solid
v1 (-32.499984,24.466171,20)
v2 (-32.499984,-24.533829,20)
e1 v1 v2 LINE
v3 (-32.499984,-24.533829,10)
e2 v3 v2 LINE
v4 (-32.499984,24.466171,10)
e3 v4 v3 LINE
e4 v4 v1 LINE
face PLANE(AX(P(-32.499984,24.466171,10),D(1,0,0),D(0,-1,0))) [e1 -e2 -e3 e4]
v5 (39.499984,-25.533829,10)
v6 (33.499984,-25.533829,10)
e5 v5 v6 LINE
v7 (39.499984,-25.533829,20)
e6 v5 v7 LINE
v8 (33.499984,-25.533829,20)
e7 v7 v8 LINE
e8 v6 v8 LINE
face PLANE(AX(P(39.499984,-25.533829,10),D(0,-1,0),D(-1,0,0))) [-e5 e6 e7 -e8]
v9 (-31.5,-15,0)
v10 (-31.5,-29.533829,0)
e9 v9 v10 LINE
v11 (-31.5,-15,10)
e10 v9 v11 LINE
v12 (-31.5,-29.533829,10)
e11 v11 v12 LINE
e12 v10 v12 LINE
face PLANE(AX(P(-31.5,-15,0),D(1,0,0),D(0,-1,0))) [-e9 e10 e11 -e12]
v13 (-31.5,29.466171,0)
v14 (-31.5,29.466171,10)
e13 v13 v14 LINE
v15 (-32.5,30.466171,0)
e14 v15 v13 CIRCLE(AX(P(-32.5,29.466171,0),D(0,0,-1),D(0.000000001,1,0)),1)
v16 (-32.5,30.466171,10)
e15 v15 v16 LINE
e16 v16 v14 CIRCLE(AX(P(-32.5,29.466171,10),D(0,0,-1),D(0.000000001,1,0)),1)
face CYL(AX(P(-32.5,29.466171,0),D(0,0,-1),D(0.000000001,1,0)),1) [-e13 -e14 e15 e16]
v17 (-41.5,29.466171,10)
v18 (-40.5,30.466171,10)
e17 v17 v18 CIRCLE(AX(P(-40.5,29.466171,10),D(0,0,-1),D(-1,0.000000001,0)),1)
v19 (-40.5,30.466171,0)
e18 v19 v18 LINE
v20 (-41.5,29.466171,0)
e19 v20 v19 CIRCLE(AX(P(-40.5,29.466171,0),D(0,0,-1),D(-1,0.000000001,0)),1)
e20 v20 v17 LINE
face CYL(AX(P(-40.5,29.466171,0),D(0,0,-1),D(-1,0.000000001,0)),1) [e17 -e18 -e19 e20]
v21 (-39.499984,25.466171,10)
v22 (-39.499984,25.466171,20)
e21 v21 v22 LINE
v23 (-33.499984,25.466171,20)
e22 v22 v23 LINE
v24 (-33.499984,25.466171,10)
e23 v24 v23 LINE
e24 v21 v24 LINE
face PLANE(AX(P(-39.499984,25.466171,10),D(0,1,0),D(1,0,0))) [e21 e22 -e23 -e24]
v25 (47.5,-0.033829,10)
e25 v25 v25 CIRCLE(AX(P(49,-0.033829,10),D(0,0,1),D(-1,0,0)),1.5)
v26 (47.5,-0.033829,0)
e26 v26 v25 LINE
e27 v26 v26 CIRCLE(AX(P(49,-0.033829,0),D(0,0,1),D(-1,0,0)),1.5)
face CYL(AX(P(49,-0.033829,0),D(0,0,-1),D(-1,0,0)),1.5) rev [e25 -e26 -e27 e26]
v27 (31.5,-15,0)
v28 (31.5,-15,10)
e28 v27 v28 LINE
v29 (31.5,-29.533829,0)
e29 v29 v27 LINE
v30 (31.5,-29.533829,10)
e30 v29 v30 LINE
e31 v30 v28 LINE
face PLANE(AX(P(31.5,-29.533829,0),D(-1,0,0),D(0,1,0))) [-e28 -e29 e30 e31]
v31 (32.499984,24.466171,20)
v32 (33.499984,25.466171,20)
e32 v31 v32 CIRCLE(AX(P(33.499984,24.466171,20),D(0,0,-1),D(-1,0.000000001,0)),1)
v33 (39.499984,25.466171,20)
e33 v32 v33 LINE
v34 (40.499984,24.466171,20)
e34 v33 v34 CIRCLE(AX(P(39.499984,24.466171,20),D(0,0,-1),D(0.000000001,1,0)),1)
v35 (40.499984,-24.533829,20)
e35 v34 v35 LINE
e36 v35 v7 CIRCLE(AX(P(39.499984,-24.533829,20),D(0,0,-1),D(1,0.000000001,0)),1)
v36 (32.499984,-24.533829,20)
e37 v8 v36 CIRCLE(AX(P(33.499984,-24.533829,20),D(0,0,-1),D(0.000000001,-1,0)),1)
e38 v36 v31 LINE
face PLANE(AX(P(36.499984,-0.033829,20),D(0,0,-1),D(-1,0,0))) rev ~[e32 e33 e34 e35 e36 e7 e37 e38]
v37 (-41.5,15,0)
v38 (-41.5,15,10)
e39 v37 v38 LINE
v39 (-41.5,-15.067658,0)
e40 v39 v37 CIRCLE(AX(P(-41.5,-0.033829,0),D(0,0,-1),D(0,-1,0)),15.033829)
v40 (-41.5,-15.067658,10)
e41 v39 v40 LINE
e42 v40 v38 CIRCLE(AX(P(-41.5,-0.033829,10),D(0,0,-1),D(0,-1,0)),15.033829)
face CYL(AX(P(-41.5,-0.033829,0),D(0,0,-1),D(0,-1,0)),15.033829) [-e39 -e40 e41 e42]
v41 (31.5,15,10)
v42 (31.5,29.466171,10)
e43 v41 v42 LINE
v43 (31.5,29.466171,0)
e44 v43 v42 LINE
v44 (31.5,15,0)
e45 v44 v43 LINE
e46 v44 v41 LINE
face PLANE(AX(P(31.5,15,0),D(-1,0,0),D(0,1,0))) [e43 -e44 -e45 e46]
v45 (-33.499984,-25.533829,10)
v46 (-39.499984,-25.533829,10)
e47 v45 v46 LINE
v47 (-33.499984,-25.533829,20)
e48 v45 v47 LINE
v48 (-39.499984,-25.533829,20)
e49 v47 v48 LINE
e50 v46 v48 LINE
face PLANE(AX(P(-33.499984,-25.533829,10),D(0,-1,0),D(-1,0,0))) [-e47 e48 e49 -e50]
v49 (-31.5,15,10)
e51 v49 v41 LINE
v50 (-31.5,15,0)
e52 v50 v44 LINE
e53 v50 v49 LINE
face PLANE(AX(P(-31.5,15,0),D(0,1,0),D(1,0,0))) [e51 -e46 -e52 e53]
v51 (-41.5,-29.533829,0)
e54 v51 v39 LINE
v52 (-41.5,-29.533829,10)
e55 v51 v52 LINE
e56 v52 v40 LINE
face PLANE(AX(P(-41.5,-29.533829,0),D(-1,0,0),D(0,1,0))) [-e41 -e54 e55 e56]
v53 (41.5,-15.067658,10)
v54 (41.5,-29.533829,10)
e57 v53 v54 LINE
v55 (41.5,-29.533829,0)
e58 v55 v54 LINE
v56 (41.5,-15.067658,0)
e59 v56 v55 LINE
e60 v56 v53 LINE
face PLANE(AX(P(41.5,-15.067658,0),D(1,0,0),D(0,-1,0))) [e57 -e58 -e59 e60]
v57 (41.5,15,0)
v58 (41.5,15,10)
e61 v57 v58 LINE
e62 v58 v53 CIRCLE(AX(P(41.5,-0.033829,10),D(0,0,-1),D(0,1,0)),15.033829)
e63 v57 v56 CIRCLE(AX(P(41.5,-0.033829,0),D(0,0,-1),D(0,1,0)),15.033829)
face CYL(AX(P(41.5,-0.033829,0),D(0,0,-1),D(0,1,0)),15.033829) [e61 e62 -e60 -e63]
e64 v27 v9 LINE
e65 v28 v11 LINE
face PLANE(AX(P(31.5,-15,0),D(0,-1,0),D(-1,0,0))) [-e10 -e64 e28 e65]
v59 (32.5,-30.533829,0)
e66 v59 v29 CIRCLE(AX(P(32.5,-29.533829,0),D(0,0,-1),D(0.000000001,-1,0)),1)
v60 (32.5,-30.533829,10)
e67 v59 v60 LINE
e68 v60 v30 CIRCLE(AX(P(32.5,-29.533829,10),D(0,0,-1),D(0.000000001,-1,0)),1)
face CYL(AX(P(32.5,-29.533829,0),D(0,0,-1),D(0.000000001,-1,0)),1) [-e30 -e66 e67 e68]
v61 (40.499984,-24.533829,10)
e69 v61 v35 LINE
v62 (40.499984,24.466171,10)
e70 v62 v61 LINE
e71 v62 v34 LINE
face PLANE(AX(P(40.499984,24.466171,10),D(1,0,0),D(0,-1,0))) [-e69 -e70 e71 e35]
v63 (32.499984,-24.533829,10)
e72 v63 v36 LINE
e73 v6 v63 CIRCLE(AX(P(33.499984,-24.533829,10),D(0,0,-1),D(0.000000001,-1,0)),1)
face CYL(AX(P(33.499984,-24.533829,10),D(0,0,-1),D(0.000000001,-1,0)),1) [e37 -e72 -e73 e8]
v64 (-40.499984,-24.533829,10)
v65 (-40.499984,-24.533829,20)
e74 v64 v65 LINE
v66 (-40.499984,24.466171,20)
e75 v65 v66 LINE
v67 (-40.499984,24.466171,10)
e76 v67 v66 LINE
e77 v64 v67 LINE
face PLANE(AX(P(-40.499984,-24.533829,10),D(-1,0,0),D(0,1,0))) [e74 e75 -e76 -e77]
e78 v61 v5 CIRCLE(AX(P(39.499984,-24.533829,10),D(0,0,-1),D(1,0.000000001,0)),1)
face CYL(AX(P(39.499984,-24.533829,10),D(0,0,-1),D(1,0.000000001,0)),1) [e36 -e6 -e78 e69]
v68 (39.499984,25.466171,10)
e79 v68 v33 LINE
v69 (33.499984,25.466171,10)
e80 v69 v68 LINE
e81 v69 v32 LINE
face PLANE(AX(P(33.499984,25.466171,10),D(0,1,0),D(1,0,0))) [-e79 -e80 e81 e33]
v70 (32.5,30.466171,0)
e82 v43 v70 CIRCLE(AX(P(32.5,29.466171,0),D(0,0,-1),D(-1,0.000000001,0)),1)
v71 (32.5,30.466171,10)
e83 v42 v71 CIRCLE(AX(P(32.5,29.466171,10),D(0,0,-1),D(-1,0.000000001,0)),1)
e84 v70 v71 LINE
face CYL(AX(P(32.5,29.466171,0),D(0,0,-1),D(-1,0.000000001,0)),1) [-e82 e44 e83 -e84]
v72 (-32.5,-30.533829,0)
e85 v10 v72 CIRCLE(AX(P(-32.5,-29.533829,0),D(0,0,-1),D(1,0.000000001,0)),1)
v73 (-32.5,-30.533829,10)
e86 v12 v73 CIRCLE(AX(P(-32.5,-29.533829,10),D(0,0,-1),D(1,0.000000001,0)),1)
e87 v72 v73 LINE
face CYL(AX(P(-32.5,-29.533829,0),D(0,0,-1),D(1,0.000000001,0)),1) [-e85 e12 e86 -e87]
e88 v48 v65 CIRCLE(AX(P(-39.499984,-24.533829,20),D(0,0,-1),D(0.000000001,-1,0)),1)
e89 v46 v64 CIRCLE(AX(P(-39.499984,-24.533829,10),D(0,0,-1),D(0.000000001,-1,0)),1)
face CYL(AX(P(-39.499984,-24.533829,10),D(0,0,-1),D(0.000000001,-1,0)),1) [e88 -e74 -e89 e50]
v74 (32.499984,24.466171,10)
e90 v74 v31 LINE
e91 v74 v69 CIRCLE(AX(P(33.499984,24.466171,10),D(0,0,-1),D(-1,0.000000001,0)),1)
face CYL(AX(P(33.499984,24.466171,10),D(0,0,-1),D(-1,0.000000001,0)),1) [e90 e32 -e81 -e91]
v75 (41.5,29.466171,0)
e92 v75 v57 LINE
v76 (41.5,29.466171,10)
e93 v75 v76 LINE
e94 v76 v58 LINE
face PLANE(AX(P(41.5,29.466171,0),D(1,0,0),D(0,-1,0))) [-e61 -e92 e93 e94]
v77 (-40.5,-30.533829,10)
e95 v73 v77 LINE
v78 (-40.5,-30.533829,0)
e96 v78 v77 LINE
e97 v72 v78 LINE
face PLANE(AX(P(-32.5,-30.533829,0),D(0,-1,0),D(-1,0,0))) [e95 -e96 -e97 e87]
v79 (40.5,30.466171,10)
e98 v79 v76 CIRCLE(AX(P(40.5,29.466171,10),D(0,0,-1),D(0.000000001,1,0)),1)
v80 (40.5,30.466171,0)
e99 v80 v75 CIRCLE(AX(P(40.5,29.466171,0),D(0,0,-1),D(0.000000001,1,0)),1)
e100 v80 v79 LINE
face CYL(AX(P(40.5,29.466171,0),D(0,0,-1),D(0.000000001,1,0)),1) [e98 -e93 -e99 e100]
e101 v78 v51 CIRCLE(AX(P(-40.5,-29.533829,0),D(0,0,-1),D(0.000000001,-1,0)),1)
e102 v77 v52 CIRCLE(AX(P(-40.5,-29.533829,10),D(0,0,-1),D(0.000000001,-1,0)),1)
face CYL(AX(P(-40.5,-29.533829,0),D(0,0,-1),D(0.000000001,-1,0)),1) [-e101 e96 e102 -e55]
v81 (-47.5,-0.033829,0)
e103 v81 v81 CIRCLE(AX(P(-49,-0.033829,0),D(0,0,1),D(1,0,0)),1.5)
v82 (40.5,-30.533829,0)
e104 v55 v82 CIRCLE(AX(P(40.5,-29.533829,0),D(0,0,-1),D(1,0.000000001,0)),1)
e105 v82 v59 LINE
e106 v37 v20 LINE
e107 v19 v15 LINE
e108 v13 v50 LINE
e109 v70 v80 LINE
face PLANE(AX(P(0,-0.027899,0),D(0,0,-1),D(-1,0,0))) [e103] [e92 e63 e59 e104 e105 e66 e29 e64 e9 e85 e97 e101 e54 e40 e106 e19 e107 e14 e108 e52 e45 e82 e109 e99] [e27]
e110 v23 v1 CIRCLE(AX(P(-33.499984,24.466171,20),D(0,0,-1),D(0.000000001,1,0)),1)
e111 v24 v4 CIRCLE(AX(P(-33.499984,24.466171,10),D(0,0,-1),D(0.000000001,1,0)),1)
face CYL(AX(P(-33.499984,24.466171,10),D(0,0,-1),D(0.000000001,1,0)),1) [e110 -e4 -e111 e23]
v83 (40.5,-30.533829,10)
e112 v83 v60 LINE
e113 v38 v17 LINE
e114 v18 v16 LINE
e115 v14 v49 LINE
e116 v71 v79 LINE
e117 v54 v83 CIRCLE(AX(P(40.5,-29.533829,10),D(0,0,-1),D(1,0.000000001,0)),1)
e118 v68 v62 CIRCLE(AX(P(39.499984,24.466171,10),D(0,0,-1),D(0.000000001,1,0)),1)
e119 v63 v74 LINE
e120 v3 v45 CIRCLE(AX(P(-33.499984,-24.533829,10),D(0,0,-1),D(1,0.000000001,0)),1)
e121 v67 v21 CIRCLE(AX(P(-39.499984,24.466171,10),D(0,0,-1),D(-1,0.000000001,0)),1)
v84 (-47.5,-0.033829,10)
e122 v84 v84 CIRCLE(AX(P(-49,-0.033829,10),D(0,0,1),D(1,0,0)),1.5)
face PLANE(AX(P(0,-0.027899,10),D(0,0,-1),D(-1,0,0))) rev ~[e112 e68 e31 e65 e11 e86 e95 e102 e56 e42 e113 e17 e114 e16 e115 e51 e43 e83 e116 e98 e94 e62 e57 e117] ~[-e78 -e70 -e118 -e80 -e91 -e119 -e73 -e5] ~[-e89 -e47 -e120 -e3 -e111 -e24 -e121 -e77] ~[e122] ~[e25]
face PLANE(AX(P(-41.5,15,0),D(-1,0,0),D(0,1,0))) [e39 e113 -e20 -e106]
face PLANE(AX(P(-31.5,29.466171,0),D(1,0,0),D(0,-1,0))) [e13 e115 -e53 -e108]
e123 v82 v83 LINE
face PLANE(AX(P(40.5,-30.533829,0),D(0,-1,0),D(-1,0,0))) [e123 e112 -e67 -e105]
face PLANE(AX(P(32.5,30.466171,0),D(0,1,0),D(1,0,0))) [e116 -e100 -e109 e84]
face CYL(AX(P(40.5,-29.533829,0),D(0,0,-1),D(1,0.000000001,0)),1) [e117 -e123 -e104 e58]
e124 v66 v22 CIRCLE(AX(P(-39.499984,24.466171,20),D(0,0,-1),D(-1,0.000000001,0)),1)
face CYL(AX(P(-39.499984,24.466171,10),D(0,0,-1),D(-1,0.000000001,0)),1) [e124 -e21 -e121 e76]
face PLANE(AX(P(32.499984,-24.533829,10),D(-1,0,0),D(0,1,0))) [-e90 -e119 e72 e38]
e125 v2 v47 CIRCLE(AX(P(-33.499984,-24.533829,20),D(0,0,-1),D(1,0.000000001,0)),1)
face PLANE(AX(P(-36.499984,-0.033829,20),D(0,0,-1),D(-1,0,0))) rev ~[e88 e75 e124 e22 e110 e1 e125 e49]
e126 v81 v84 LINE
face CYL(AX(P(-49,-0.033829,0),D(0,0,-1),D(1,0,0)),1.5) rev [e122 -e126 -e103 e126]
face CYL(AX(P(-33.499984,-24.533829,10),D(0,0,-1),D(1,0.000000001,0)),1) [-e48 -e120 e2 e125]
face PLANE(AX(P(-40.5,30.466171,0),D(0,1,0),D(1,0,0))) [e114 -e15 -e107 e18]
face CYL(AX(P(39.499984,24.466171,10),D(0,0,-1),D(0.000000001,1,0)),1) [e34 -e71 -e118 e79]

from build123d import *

# Parameters (mm, degrees)
SKETCH1_R           = 1.5
BOSS_EXTRUDE1_DEPTH = 10
BOSS_EXTRUDE2_DEPTH = 10


with BuildPart() as part:
    # Sketch1 → Boss-Extrude1 (new body)
    with BuildSketch(Plane.XY):
        with BuildLine():
            Line((31.5, -15), (-31.5, -15))
            Line((-31.5, -15), (-31.5, -29.533829211))
            ThreePointArc((-31.5, -29.533829211), (-31.792893219, -30.240935993), (-32.5, -30.533829211))
            Line((-32.5, -30.533829211), (-40.5, -30.533829211))
            ThreePointArc((-40.5, -30.533829211), (-41.207106781, -30.240935993), (-41.5, -29.533829211))
            Line((-41.5, -29.533829211), (-41.5, -15.067658423))
            ThreePointArc((-41.5, -15.067658423), (-56.533829211, -0.033829211), (-41.5, 15))
            Line((-41.5, 15), (-41.5, 29.466170789))
            ThreePointArc((-41.5, 29.466170789), (-41.207106781, 30.17327757), (-40.5, 30.466170789))
            Line((-40.5, 30.466170789), (-32.5, 30.466170789))
            ThreePointArc((-32.5, 30.466170789), (-31.792893219, 30.17327757), (-31.5, 29.466170789))
            Line((-31.5, 29.466170789), (-31.5, 15))
            Line((-31.5, 15), (31.5, 15))
            Line((31.5, 15), (31.5, 29.466170789))
            ThreePointArc((31.5, 29.466170789), (31.792893219, 30.17327757), (32.5, 30.466170789))
            Line((32.5, 30.466170789), (40.5, 30.466170789))
            ThreePointArc((40.5, 30.466170789), (41.207106781, 30.17327757), (41.5, 29.466170789))
            Line((41.5, 29.466170789), (41.5, 15))
            ThreePointArc((41.5, 15), (56.533829211, -0.033829211), (41.5, -15.067658423))
            Line((41.5, -15.067658423), (41.5, -29.533829211))
            ThreePointArc((41.5, -29.533829211), (41.207106781, -30.240935993), (40.5, -30.533829211))
            Line((40.5, -30.533829211), (32.5, -30.533829211))
            ThreePointArc((32.5, -30.533829211), (31.792893219, -30.240935993), (31.5, -29.533829211))
            Line((31.5, -29.533829211), (31.5, -15))
        make_face()
        with Locations((-49, -0.033829211)):
            Circle(SKETCH1_R, mode=Mode.SUBTRACT)
        with Locations(Location((49, -0.033829211, 0), (0, 0, 180))):
            Circle(SKETCH1_R, mode=Mode.SUBTRACT)
    extrude(amount=BOSS_EXTRUDE1_DEPTH)

    # Sketch2 → Boss-Extrude2 (add)
    with BuildSketch(Plane.XY.offset(10)):
        with BuildLine():
            Line((-33.499984323, -25.533829211), (-39.499984323, -25.533829211))
            ThreePointArc((-39.499984323, -25.533829211), (-40.207091104, -25.240935993), (-40.499984323, -24.533829211))
            Line((-40.499984323, -24.533829211), (-40.499984323, 24.466170789))
            ThreePointArc((-40.499984323, 24.466170789), (-40.207091104, 25.17327757), (-39.499984323, 25.466170789))
            Line((-39.499984323, 25.466170789), (-33.499984323, 25.466170789))
            ThreePointArc((-33.499984323, 25.466170789), (-32.792877542, 25.17327757), (-32.499984323, 24.466170789))
            Line((-32.499984323, 24.466170789), (-32.499984323, -24.533829211))
            ThreePointArc((-32.499984323, -24.533829211), (-32.792877542, -25.240935993), (-33.499984323, -25.533829211))
        make_face()
        with BuildLine():
            Line((33.499984323, 25.466170789), (39.499984323, 25.466170789))
            ThreePointArc((39.499984323, 25.466170789), (40.207091104, 25.17327757), (40.499984323, 24.466170789))
            Line((40.499984323, 24.466170789), (40.499984323, -24.533829211))
            ThreePointArc((40.499984323, -24.533829211), (40.207091104, -25.240935993), (39.499984323, -25.533829211))
            Line((39.499984323, -25.533829211), (33.499984323, -25.533829211))
            ThreePointArc((33.499984323, -25.533829211), (32.792877542, -25.240935993), (32.499984323, -24.533829211))
            Line((32.499984323, -24.533829211), (32.499984323, 24.466170789))
            ThreePointArc((32.499984323, 24.466170789), (32.792877542, 25.17327757), (33.499984323, 25.466170789))
        make_face()
    extrude(amount=BOSS_EXTRUDE2_DEPTH)


solid = part.part
